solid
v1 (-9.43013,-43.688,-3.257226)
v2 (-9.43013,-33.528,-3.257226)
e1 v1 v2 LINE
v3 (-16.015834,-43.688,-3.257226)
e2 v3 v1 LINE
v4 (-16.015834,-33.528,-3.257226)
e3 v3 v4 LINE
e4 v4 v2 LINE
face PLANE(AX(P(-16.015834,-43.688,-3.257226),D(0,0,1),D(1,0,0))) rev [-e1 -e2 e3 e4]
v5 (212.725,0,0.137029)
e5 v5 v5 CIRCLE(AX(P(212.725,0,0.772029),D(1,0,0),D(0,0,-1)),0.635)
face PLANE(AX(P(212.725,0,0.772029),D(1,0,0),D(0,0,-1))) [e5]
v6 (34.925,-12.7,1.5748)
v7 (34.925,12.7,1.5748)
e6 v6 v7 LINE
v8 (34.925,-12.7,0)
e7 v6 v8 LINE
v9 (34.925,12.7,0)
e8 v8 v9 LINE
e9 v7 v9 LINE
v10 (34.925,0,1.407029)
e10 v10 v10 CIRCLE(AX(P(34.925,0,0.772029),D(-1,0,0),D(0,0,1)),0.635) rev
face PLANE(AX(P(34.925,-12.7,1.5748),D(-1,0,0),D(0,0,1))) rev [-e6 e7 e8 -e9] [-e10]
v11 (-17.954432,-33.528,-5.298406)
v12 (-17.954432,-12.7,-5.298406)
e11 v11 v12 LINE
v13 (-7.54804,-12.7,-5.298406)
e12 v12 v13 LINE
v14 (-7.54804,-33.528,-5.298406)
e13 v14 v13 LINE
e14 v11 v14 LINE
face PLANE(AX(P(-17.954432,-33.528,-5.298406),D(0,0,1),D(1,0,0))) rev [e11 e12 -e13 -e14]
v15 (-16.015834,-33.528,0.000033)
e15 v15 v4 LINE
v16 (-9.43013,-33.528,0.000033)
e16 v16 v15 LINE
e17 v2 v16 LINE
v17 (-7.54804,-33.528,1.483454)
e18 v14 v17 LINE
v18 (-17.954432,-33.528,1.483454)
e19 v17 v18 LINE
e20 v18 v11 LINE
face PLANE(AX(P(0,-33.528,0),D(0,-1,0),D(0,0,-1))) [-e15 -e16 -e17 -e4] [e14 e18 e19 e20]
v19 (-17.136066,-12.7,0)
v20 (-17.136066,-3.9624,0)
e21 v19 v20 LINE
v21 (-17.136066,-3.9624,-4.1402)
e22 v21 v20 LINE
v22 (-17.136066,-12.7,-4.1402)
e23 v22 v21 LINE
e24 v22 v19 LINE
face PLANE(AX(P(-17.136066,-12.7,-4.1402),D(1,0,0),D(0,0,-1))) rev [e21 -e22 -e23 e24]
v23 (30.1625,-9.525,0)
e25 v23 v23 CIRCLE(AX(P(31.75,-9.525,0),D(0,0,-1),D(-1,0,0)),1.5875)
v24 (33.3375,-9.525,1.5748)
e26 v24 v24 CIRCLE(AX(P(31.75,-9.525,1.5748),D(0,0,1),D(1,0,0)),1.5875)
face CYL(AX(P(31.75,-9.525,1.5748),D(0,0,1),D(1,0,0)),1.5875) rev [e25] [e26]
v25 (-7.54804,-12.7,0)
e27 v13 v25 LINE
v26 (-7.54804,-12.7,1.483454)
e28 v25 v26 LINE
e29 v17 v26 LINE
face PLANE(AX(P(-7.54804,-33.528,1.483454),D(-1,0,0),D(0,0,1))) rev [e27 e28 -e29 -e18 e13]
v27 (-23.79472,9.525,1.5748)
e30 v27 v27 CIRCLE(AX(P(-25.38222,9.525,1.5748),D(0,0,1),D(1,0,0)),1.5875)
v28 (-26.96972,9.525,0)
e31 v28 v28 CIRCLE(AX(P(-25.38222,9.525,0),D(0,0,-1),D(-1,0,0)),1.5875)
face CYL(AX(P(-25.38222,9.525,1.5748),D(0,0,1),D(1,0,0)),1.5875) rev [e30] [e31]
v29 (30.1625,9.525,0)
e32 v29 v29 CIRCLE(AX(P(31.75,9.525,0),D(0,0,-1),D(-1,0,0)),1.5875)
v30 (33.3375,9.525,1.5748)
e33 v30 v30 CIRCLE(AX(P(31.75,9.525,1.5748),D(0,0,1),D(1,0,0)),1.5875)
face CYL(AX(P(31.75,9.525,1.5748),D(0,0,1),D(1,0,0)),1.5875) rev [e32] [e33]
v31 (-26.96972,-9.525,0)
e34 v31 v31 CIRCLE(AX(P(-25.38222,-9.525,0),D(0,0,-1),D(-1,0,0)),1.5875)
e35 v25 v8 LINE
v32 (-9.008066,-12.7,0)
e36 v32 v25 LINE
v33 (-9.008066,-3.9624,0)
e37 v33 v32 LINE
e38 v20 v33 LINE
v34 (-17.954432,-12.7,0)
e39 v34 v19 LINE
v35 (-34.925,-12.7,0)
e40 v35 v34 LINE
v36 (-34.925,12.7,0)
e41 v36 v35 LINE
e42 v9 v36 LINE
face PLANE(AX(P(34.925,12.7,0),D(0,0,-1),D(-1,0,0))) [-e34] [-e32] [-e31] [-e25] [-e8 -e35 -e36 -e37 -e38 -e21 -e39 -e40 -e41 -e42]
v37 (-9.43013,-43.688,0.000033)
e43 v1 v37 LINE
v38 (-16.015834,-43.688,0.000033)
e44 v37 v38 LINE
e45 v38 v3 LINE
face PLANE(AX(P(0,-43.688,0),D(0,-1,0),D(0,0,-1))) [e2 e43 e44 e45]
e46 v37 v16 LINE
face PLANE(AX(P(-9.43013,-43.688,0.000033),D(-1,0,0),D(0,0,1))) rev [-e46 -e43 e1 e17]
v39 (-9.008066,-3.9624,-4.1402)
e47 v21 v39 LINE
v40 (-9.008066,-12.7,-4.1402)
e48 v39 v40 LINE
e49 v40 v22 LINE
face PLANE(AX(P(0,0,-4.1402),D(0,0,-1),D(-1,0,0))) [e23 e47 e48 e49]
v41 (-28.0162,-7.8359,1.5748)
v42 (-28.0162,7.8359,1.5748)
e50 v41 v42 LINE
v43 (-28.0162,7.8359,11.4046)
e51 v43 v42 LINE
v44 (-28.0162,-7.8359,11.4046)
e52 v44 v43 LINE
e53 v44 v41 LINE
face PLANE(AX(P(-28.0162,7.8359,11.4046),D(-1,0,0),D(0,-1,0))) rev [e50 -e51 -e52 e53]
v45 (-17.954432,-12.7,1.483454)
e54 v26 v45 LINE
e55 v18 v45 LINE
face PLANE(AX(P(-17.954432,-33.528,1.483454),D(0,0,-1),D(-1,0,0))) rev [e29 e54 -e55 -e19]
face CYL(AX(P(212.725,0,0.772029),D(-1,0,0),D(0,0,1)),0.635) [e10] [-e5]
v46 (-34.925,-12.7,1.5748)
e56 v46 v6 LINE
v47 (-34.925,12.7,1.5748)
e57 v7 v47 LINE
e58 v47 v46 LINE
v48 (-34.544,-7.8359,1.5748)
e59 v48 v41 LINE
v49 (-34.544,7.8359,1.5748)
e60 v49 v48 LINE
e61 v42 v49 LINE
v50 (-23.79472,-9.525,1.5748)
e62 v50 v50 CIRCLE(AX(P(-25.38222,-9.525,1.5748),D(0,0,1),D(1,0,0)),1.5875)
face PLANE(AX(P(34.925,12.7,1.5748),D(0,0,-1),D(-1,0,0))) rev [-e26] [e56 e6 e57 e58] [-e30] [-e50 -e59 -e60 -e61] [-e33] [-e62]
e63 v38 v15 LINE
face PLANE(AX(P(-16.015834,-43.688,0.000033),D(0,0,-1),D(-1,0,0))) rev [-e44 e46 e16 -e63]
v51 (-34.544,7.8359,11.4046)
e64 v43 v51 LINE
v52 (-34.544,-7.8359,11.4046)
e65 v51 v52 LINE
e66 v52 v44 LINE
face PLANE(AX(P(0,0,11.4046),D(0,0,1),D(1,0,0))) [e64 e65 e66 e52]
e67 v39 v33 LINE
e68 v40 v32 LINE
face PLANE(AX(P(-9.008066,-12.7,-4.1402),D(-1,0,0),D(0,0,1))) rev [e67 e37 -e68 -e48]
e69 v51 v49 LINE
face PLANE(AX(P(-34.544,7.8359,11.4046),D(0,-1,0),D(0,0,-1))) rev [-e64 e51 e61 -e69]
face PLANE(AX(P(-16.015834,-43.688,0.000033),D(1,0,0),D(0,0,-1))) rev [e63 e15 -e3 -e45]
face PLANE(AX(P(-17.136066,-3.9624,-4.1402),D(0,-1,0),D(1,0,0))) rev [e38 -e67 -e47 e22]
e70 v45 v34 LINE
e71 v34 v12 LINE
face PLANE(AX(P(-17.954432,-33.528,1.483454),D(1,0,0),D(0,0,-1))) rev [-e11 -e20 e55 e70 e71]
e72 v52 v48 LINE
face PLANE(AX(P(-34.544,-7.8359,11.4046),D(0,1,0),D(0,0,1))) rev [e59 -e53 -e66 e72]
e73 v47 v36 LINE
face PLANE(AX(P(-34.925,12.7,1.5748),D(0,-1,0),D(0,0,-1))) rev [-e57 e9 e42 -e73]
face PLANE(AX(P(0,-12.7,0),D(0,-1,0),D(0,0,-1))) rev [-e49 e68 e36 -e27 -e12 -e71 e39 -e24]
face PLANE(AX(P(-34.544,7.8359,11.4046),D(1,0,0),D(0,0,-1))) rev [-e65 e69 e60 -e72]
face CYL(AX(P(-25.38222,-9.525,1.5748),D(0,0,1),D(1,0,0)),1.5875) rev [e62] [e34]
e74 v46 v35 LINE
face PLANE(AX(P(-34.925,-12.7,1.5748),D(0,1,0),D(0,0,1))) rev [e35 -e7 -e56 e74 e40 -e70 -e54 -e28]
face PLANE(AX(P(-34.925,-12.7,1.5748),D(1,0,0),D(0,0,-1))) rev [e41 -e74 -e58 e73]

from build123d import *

# Parameters (mm, degrees)
SKETCH1_W                             = 69.85
SKETCH1_H                             = 25.4
EXTRUDE1_DEPTH                        = 1.5748
F_1_8_0_125_DIAMETER_HOLE1_AT_2_COUNT = 2
F_1_8_0_125_DIAMETER_HOLE1_AT_2_PITCH = 57.13222
SKETCH4_R                             = 0.635
BOSS_EXTRUDE1_DEPTH                   = 177.8
SKETCH5_W                             = 8.128
SKETCH5_H                             = 8.7376
USB_CONNECTOR_DEPTH                   = 4.1402
SKETCH6_W                             = 10.40639215
SKETCH6_H                             = 6.781860105
CHARGER_DEPTH                         = 20.828
SKETCH7_W                             = 6.585703948
SKETCH7_H                             = 3.257259008
BOSS_EXTRUDE2_DEPTH                   = 10.16
SKETCH8_W                             = 6.5278
SKETCH8_H                             = 15.6718
BOSS_EXTRUDE3_DEPTH                   = 9.8298


with BuildPart() as part:
    # Sketch1 → Extrude1 (new body)
    with BuildSketch(Plane.XY):
        Rectangle(SKETCH1_W, SKETCH1_H)
    extrude(amount=EXTRUDE1_DEPTH)

    # Sketch3 → 1/8 (0.125) Diameter Hole1 (revolve, cut)
    with BuildSketch(Plane(origin=(-25.38222, 9.525, 1.5748), x_dir=(0, -1, 0), z_dir=(1, 0, 0))):
        Polygon((0, 0), (0, 16.955866233), (1.5875, 16.002), (1.5875, 0), align=None)
    f_1_8_0_125_diameter_hole1 = revolve(axis=Axis((-25.38222, 9.525, 7.9248), (0, 0, -1)), mode=Mode.SUBTRACT)

    # 1/8 (0.125) Diameter Hole1 at 2: 1/8 (0.125) Diameter Hole1 ×2
    with Locations(*[(i * F_1_8_0_125_DIAMETER_HOLE1_AT_2_PITCH, 0, 0) for i in range(1, F_1_8_0_125_DIAMETER_HOLE1_AT_2_COUNT)]):
        add(f_1_8_0_125_diameter_hole1, mode=Mode.SUBTRACT)

    # Mirror1: 1/8 (0.125) Diameter Hole1 across plane
    add(f_1_8_0_125_diameter_hole1.mirror(Plane.ZX), mode=Mode.SUBTRACT)

    # Mirror1 copy 1 sketch → Mirror1 copy 1 (revolve, cut)
    with BuildSketch(Plane(origin=(31.75, -9.525, 1.5748), x_dir=(0, 1, 0), z_dir=(1, 0, 0))):
        Polygon((0, 0), (0, -16.955866233), (1.5875, -16.002), (1.5875, 0), align=None)
    revolve(axis=Axis((31.75, -9.525, 7.9248), (0, 0, 1)), mode=Mode.SUBTRACT)

    # Sketch4 → Boss-Extrude1 (add)
    with BuildSketch(Plane(origin=(34.925, 0, 0), x_dir=(0, 0, -1), z_dir=(1, 0, 0))):
        with Locations(Location((-0.772028936, 0, 0), (0, 0, 180))):
            Circle(SKETCH4_R)
    extrude(amount=BOSS_EXTRUDE1_DEPTH)

    # Sketch5 → USB Connector (add)
    with BuildSketch(Plane(origin=(0, 0, 0), x_dir=(-1, 0, 0), z_dir=(0, 0, -1))):
        with Locations((13.072066229, -8.3312)):
            Rectangle(SKETCH5_W, SKETCH5_H)
    extrude(amount=USB_CONNECTOR_DEPTH)

    # Sketch6 → Charger (add)
    with BuildSketch(Plane.XZ.offset(12.7)):
        with Locations((-12.751236003, -1.907476131)):
            Rectangle(SKETCH6_W, SKETCH6_H)
    extrude(amount=CHARGER_DEPTH)

    # Sketch7 → Boss-Extrude2 (add)
    with BuildSketch(Plane.XZ.offset(33.528)):
        with Locations((-12.72298233, -1.628596112)):
            Rectangle(SKETCH7_W, SKETCH7_H)
    extrude(amount=BOSS_EXTRUDE2_DEPTH)

    # Sketch8 → Boss-Extrude3 (add)
    with BuildSketch(Plane.XY.offset(1.5748)):
        with Locations((-31.2801, 0)):
            Rectangle(SKETCH8_W, SKETCH8_H)
    extrude(amount=BOSS_EXTRUDE3_DEPTH)


solid = part.part
